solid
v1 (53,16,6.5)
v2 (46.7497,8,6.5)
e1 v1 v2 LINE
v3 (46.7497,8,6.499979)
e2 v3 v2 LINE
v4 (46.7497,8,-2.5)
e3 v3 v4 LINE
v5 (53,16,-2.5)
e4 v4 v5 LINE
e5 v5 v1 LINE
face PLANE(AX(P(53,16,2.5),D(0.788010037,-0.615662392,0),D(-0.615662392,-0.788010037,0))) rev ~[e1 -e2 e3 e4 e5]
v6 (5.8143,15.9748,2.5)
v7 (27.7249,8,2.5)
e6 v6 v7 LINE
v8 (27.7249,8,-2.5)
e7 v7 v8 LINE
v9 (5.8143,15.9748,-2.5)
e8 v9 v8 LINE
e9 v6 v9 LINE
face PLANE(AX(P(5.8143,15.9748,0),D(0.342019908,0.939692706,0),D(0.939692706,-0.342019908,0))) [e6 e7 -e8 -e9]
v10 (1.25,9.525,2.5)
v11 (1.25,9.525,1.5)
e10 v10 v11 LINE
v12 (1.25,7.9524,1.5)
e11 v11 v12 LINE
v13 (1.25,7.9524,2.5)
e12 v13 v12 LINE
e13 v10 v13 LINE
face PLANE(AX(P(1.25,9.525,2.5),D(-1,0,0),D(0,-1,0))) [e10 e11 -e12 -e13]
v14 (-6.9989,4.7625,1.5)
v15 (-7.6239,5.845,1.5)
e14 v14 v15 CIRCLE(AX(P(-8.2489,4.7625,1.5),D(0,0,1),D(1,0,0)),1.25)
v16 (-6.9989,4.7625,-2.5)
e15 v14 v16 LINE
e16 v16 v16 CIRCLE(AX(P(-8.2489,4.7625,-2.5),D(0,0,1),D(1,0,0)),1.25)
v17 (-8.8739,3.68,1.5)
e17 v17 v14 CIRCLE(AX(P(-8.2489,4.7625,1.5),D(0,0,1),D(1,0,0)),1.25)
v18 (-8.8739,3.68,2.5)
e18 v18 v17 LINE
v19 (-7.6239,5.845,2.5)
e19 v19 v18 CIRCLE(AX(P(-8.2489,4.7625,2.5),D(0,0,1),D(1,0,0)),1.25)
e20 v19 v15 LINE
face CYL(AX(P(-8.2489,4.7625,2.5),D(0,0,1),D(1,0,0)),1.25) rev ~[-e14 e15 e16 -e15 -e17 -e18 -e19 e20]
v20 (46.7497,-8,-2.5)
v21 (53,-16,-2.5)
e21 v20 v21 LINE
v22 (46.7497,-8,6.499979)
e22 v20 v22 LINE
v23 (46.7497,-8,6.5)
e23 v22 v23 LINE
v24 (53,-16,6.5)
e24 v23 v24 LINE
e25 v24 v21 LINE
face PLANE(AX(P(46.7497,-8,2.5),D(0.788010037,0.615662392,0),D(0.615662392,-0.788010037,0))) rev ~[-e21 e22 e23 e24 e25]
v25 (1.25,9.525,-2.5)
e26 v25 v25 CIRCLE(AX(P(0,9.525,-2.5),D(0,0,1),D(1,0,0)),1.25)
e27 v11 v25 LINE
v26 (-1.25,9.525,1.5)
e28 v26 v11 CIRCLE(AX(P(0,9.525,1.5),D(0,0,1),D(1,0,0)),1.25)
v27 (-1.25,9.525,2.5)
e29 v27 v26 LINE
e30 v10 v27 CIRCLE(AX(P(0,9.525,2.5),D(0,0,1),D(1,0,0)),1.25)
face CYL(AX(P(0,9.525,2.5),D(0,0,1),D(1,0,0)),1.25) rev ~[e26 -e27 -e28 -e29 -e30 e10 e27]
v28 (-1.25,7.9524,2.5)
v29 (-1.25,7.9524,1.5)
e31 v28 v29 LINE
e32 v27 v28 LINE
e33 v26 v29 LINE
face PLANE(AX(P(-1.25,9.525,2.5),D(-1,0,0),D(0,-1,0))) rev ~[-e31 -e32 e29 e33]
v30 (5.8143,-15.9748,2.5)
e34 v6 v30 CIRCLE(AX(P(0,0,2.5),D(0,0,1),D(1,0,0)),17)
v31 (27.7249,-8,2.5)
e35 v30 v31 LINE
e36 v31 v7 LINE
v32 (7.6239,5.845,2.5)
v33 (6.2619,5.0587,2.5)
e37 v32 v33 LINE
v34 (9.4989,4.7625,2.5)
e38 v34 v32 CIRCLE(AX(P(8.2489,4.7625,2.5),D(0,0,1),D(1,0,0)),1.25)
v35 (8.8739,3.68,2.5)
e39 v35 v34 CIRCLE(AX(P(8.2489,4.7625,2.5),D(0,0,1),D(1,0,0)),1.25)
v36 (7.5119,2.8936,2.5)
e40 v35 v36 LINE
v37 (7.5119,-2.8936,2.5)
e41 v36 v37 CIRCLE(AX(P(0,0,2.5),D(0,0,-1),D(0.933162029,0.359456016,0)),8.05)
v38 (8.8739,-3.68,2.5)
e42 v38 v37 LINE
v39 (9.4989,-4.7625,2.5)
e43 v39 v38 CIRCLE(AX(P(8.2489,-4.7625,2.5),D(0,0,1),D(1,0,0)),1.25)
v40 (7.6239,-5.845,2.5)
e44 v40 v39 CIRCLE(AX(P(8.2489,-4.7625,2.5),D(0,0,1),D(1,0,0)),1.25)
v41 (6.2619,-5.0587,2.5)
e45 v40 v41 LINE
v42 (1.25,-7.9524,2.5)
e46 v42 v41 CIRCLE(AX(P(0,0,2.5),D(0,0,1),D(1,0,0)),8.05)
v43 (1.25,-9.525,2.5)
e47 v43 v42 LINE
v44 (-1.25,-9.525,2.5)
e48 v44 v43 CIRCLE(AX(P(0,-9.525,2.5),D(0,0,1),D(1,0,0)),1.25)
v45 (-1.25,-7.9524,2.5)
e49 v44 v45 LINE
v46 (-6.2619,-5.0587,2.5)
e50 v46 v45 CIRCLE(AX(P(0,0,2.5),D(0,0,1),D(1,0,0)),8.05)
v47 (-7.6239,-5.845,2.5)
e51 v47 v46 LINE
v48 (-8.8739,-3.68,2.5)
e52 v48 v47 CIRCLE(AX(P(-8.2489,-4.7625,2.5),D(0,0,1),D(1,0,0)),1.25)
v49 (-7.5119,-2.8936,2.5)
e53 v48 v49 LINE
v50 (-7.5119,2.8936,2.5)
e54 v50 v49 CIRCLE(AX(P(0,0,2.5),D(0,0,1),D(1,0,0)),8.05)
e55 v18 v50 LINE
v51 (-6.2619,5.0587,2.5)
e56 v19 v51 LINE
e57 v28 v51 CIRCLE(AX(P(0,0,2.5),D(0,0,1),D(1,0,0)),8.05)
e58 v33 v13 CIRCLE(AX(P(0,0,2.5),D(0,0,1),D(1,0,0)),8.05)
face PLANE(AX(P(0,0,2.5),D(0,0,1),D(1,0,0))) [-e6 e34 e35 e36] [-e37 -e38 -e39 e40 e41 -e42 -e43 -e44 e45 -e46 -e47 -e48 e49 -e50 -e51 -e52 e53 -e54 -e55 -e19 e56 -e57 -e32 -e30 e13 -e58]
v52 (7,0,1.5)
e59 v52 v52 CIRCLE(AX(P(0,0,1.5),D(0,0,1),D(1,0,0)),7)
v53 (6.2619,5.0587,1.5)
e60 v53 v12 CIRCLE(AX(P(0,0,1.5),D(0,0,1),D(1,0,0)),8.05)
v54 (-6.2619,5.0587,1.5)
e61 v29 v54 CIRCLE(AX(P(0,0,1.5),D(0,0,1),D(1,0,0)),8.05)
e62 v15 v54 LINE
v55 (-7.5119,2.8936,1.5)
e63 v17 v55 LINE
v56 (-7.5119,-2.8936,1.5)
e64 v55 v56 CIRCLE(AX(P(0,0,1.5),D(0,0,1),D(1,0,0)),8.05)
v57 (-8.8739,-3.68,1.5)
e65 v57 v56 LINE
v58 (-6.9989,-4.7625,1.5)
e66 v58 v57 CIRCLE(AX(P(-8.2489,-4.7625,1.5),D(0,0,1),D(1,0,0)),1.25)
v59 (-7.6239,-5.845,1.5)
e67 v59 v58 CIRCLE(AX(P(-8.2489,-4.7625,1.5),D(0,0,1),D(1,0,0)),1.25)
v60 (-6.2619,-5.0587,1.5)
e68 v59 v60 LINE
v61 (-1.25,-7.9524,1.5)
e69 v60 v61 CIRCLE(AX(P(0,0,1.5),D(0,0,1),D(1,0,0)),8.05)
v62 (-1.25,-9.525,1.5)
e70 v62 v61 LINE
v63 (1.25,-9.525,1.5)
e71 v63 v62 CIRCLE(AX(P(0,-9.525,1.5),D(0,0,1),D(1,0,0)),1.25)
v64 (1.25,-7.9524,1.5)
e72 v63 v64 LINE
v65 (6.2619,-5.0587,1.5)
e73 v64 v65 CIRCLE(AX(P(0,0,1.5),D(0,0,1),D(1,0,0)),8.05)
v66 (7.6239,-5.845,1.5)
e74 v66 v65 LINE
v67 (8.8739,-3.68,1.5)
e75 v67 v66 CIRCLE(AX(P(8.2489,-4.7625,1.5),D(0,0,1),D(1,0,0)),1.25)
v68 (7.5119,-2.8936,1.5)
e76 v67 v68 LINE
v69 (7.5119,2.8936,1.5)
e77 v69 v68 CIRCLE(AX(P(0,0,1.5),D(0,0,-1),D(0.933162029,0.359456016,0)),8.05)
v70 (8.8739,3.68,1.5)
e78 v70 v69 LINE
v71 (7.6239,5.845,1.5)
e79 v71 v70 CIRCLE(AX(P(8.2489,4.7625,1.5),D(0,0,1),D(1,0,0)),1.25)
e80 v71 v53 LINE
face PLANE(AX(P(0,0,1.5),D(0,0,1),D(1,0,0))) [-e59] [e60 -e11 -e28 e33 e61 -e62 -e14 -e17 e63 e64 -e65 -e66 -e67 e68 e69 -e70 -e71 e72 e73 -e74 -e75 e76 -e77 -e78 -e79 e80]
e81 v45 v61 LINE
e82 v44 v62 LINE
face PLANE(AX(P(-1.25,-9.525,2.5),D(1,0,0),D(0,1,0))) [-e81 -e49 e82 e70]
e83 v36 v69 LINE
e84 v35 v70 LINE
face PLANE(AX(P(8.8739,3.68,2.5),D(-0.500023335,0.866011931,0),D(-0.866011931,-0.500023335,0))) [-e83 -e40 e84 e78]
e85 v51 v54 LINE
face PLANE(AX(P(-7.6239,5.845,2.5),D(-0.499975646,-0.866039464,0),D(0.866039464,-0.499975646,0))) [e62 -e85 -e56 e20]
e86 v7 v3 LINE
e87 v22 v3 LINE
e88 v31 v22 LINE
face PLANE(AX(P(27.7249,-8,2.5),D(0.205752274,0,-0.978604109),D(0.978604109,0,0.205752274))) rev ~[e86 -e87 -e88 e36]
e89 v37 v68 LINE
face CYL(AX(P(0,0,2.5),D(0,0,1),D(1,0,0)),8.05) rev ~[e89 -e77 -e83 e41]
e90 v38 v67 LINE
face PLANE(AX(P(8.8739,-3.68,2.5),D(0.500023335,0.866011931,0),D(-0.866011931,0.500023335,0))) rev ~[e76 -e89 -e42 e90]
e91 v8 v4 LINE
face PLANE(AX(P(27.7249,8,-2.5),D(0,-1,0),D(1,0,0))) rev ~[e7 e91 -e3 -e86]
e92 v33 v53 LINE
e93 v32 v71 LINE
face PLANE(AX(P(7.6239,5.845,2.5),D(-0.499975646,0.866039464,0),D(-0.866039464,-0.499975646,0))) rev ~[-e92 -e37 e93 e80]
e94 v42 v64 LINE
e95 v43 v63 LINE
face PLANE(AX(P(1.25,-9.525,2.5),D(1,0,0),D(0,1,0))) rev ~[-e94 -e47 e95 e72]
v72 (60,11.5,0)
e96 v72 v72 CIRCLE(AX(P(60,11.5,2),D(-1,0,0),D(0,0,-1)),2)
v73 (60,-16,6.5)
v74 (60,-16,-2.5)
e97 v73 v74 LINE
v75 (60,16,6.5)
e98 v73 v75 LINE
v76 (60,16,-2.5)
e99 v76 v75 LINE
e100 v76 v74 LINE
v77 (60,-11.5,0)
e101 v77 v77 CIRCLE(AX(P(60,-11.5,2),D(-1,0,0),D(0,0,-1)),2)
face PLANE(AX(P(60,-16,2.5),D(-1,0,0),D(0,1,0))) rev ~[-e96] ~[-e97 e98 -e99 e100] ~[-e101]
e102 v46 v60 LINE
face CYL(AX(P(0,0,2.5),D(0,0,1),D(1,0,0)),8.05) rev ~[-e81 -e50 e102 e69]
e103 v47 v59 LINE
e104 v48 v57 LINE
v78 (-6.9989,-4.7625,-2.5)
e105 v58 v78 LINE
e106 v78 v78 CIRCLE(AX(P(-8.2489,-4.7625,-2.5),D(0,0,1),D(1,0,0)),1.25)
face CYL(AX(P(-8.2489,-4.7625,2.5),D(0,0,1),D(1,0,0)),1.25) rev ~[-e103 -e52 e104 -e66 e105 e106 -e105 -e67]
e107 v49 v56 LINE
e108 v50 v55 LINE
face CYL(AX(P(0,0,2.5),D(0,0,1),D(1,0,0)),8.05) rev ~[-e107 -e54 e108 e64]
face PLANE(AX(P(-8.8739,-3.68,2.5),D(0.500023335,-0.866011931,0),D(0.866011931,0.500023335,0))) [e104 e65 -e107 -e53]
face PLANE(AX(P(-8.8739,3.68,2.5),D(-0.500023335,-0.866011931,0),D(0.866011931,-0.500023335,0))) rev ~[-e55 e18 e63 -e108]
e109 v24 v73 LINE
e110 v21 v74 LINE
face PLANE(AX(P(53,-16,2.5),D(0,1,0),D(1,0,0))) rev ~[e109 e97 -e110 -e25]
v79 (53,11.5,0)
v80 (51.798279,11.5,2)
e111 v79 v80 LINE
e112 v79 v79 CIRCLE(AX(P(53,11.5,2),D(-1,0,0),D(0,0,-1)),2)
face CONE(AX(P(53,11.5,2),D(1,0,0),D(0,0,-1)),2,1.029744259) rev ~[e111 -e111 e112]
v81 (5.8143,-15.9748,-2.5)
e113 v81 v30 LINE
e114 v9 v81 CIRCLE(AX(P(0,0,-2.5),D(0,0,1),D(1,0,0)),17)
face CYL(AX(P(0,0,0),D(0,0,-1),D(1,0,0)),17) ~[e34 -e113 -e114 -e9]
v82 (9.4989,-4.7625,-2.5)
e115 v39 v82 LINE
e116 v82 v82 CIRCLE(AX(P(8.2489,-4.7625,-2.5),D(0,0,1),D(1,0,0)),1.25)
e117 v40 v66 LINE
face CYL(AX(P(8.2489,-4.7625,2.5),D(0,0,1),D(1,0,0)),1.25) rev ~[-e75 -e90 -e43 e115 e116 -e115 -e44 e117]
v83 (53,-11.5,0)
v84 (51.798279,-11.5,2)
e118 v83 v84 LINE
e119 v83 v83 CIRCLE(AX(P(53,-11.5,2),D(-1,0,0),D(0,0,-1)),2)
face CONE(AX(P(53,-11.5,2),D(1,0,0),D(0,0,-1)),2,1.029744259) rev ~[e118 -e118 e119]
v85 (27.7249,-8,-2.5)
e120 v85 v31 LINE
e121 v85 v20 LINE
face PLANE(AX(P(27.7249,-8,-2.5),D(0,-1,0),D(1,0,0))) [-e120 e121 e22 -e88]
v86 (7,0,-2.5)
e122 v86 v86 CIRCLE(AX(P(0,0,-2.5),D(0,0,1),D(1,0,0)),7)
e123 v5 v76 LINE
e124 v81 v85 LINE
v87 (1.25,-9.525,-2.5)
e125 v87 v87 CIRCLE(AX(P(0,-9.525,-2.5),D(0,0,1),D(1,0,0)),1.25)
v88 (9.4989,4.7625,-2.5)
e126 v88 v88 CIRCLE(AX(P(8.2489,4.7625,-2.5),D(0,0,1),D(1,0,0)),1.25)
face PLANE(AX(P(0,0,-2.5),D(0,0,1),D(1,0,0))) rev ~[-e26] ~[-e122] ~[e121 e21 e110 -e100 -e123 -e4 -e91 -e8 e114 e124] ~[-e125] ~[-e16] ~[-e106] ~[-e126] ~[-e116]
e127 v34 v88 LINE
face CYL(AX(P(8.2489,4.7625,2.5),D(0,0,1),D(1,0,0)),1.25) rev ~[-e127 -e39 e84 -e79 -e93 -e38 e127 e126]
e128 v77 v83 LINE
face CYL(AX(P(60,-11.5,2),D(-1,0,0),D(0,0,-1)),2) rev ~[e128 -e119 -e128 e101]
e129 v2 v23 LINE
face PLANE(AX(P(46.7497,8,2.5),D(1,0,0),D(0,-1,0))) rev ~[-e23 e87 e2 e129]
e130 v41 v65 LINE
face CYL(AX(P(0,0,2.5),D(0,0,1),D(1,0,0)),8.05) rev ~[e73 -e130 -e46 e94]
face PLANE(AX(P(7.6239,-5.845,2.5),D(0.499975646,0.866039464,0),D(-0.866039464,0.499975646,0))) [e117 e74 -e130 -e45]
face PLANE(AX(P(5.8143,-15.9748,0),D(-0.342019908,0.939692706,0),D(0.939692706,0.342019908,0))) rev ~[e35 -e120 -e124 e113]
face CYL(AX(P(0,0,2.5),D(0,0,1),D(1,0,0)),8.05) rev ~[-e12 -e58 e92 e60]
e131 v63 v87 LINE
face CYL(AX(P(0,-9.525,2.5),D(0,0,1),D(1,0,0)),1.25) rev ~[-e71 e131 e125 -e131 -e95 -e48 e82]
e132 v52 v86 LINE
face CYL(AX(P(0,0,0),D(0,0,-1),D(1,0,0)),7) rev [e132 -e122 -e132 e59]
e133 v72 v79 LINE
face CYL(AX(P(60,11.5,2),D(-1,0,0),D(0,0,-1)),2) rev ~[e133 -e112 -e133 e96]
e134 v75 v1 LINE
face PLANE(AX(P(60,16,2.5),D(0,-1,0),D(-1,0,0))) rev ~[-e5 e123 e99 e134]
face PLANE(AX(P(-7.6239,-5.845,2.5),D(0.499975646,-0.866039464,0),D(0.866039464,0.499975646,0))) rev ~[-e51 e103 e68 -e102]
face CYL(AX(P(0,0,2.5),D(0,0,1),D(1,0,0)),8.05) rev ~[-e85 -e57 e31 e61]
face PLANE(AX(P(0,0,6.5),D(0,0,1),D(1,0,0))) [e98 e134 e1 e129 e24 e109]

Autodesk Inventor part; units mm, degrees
ref_plane "YZ Plane" through (0, 0, 0) normal (1, 0, 0) x (0, 1, 0)
ref_plane "XZ Plane" through (0, 0, 0) normal (0, 1, 0) x (-1, 0, 0)
ref_plane "XY Plane" through (0, 0, 0) normal (0, 0, 1) x (1, 0, 0)
sketch "Base" plane through (0, 0, 0) normal (0, 0, 1) x (1, 0, 0)
  circle A0 centre (0, 0) radius 7
  circle A1 centre (0, 0) radius 17
  line L0 (-32.4, 0) -> (75.4, 0) construction
  line L1 (5.8143, 15.9748) -> (27.7249, 8)
  line L2 (27.7249, 8) -> (46.7497, 8)
  line L3 (46.7497, 8) -> (53, 16)
  line L4 (53, 16) -> (60, 16)
  line L5 (60, 16) -> (60, 0)
  line L6 (5.8143, -15.9748) -> (27.7249, -8)
  line L7 (27.7249, -8) -> (46.7497, -8)
  line L8 (46.7497, -8) -> (53, -16)
  line L9 (53, -16) -> (60, -16)
  line L10 (60, -16) -> (60, 0)
  point P0 (5.8143, -15.9748)
  dimension "d1" = 34
  dimension "d0" = 14
  dimension "d2" = 16
  dimension "d3" = 128
  dimension "d4" = 7
  dimension "d6" = 160
  dimension "d7" = 60
  dimension "d8" = 16
extrude "BaseFeature" add sketch "Base" along normal mid plane 5
sketch "Mount" plane through (0, 0, 2.5) normal (0, 0, 1) x (1, 0, 0)
  line L0 (60, 16) -> (53, 16) projected
  line L1 (60, -16) -> (60, 16) projected
  line L2 (53, -16) -> (60, -16) projected
  line L3 (46.7497, -8) -> (53, -16) projected
  line L4 (53, 16) -> (46.7497, 8) projected
  line L5 (46.7497, 8) -> (46.7497, -8)
  point P0 (0, 0)
extrude "MountFeature" add sketch "Mount" along normal blind 4
sketch "MountTransition" plane through (27.7249, -8, -2.5) normal (0, -1, 0) x (1, 0, 0)
  line L0 (0, 5) -> (19.0249, 5) projected
  line L1 (0, 5) -> (19.0249, 9)
  line L2 (19.0249, 5) -> (19.0249, 9) projected
  point P0 (-27.7249, 2.5)
extrude "MountTransitionFeature" add sketch "MountTransition" against normal up to surface (16 mm away)
sketch "HubMount" plane through (0, 0, 2.5) normal (0, 0, 1) x (1, 0, 0)
  circle A0 centre (0, -9.525) radius 1.25 projected
  circle A1 centre (8.2489, -4.7625) radius 1.25 projected
  circle A2 centre (8.2489, 4.7625) radius 1.25 projected
  circle A3 centre (0, 9.525) radius 1.25 projected
  circle A4 centre (-8.2489, 4.7625) radius 1.25 projected
  circle A5 centre (-8.2489, -4.7625) radius 1.25 projected
  point P0 (0, 0)
extrude "HubMountFeature" cut sketch "HubMount" against normal through all
sketch "BearingIndentation" plane through (0, 0, 2.5) normal (0, 0, 1) x (1, 0, 0)
  circle A0 centre (0, 0) radius 7 projected
  circle A1 centre (0, 0) radius 8.05
  circle A2 centre (0, 9.525) radius 1.25 projected
  circle A3 centre (8.2489, 4.7625) radius 1.25 projected
  circle A4 centre (-8.2489, 4.7625) radius 1.25 projected
  circle A5 centre (-8.2489, -4.7625) radius 1.25 projected
  circle A6 centre (0, -9.525) radius 1.25 projected
  circle A7 centre (8.2489, -4.7625) radius 1.25 projected
  line L0 (-8.2489, 4.7625) -> (0, 0) construction
  line L1 (0, 9.525) -> (0, 0) construction
  line L2 (-7.6239, 5.845) -> (-6.2619, 5.0587)
  line L3 (-8.8739, 3.68) -> (-7.5119, 2.8936)
  line L4 (-1.25, 9.525) -> (-1.25, 7.9524)
  line L5 (1.25, 9.525) -> (1.25, 7.9524)
  line L6 (7.6239, 5.845) -> (6.2619, 5.0587)
  line L7 (8.8739, 3.68) -> (7.5119, 2.8936)
  line L8 (-32.4, 0) -> (75.4, 0) construction
  line L9 (-7.6239, -5.845) -> (-6.2619, -5.0587)
  line L10 (-8.8739, -3.68) -> (-7.5119, -2.8936)
  line L11 (-1.25, -9.525) -> (-1.25, -7.9524)
  line L12 (1.25, -9.525) -> (1.25, -7.9524)
  line L13 (7.6239, -5.845) -> (6.2619, -5.0587)
  line L14 (8.8739, -3.68) -> (7.5119, -2.8936)
  point P0 (1.25, -9.525)
  dimension "d47" = 16.1
extrude "BearingIndentationFeature" cut sketch "BearingIndentation" against normal blind 1 contours A1 | A1 L6 A3 L7 | L14 A7 L13 A1 | A1 L4 A2 L5 | L12 A6 L11 A1 | A1 L3 A4 L2 | L9 A5 L10 A1
sketch "Sketch16" plane through (60, -16, -2.5) normal (1, 0, 0) x (0, 0, -1)
  line L0 (0, 32) -> (-9, 32) construction
  line L1 (-9, 0) -> (-9, 32) construction
  line L2 (0, 0) -> (-9, 0) construction
  line L3 (0, 32) -> (0, 0) construction
  line L4 (-4.5, 32) -> (-4.5, 0) construction
  circle A0 centre (-4.5, 27.5) radius 2.5
  line L5 (-9, 0) -> (-9, 32) projected
  line L6 (-9, 16) -> (0, 16) construction
  circle A1 centre (-4.5, 4.5) radius 2.5
  point P0 (-2.5, 16)
  dimension "d65" = 5
  dimension "d66" = 4.5
  dimension "d67" = 4.5
hole "Hole2" at (60, 11.5, 2) at (60, -11.5, 2) direction (-1, 0, 0) diameter 4 depth 7 tip angle 118
equation "\"d67\" = d66"
properties part number "NeckMount"
